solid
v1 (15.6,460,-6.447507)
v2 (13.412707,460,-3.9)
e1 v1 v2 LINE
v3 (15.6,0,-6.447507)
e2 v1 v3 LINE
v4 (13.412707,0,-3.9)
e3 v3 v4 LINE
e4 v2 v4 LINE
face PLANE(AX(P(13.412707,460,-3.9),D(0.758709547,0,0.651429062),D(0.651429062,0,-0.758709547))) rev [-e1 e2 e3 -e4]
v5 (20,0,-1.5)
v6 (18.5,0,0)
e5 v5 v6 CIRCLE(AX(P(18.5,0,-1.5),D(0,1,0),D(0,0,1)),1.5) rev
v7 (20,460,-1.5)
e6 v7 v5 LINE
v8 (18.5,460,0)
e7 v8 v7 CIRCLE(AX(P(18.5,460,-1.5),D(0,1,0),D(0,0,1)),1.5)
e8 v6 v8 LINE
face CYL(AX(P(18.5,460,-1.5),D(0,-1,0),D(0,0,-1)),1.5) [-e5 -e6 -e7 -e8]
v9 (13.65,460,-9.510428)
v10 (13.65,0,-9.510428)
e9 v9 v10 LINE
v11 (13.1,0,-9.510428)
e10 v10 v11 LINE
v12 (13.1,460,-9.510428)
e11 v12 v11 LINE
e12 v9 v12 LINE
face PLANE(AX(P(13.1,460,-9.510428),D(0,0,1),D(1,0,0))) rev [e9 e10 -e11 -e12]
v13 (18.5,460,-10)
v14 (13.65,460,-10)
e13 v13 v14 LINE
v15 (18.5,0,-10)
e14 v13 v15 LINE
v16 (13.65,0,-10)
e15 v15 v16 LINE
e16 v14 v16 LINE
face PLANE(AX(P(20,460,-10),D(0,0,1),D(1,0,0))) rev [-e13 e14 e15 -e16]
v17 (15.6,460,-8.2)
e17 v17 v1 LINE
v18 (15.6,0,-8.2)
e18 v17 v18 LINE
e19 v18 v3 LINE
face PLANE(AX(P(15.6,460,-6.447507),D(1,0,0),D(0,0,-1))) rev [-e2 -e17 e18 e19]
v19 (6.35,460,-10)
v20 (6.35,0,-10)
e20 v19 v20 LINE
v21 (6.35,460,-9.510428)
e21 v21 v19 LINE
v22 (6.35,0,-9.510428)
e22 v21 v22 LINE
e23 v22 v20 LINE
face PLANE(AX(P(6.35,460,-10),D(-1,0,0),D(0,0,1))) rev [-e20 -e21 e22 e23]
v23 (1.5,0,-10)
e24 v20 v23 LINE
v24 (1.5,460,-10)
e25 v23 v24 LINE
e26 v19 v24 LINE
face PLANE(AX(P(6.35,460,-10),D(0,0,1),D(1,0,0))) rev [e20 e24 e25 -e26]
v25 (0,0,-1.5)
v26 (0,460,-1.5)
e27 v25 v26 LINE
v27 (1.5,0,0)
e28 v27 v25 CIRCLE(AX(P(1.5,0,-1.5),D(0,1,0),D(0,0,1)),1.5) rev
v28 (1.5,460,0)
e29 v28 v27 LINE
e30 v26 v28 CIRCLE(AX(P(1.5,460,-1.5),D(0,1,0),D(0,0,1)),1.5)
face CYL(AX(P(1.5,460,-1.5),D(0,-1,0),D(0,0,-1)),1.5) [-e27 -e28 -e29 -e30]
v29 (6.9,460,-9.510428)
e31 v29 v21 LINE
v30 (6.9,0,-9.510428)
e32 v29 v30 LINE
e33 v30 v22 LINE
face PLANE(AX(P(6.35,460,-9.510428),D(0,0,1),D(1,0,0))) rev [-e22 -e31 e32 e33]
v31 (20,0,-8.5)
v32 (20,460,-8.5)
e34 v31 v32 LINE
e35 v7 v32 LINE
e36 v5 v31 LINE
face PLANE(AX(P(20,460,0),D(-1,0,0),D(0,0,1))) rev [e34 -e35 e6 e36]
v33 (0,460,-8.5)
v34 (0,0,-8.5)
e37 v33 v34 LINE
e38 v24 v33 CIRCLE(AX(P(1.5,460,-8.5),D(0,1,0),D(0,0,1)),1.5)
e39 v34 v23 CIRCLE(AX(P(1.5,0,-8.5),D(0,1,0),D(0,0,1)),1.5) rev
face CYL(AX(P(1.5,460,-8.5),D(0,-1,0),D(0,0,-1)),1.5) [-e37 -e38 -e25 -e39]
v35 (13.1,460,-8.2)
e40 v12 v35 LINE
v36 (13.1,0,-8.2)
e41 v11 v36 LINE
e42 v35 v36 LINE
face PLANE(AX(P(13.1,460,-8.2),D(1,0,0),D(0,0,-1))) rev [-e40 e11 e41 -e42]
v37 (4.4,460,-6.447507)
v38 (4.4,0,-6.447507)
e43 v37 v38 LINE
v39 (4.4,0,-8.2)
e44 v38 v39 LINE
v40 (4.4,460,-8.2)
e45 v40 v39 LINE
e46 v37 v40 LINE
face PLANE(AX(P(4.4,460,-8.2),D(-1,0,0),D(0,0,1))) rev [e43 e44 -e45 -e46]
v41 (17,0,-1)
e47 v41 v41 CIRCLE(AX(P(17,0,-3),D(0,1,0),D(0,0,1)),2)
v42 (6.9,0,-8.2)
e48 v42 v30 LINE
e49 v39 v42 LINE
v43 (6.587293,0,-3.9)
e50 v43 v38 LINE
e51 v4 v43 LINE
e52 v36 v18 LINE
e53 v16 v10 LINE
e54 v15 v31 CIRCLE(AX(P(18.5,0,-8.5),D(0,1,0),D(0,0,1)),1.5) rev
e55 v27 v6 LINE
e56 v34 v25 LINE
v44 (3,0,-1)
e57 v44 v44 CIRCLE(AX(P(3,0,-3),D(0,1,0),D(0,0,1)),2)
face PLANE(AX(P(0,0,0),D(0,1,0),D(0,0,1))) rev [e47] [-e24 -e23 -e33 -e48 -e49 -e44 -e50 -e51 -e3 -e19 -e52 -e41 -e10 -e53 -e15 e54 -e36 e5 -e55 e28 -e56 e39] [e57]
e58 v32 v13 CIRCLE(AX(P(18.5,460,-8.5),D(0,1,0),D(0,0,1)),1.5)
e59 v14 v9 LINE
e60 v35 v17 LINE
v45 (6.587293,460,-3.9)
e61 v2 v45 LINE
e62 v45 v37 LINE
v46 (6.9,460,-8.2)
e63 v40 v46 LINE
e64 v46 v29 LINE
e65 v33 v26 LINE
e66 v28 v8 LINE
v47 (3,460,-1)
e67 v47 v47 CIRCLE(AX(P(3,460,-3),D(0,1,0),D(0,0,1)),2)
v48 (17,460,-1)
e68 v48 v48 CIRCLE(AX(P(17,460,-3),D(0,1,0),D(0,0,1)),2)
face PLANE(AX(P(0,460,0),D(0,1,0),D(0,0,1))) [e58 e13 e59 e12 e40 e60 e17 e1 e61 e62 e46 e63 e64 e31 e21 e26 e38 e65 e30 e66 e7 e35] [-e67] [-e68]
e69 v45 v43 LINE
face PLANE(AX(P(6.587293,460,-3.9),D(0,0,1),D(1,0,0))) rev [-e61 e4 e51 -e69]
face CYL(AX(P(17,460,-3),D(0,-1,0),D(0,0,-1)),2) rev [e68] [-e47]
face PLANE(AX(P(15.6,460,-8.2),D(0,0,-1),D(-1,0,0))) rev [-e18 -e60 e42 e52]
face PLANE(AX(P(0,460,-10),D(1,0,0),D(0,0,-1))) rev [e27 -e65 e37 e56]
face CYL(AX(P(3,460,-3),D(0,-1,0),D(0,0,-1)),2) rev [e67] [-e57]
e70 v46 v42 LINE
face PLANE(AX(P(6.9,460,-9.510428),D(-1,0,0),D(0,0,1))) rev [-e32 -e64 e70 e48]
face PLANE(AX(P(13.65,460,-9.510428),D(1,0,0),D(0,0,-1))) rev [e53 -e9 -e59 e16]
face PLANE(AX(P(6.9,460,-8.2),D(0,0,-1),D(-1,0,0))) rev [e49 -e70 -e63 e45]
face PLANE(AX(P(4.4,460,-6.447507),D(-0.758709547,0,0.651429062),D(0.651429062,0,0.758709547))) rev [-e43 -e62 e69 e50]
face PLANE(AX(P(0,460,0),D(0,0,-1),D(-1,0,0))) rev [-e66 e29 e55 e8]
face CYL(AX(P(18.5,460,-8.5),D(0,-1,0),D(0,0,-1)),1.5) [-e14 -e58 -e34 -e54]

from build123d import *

# Parameters (mm, degrees)
SKETCH_1_R      = 2
EXTRUDE_1_DEPTH = 460
FILLET_1_R      = 1.5


with BuildPart() as part:
    # 草图1 → 凸台-拉伸1 (new body)
    with BuildSketch(Plane(origin=(0, 0, 0), x_dir=(1, 0, 0), z_dir=(0, 1, 0))):
        Polygon((0, 0), (20, 0), (20, 10), (13.65, 10), (13.65, 9.510427602), (13.1, 9.510427602), (13.1, 8.2), (15.6, 8.2), (15.6, 6.447507136), (13.412706863, 3.9), (6.587293137, 3.9), (4.4, 6.447507136), (4.4, 8.2), (6.9, 8.2), (6.9, 9.510427602), (6.35, 9.510427602), (6.35, 10), (0, 10), align=None)
        with Locations(Location((3, 3, 0), (0, 0, 270))):
            Circle(SKETCH_1_R, mode=Mode.SUBTRACT)
        with Locations(Location((17, 3, 0), (0, 0, 270))):
            Circle(SKETCH_1_R, mode=Mode.SUBTRACT)
    extrude(amount=EXTRUDE_1_DEPTH)

    # 圆角1
    fillet_1_edges = [part.edges().sort_by_distance(p)[0] for p in [
        (0, 230, -10),
        (20, 230, -10),
        (20, 230, 0),
        (0, 230, 0),
    ]]
    fillet(fillet_1_edges, radius=FILLET_1_R)


solid = part.part
